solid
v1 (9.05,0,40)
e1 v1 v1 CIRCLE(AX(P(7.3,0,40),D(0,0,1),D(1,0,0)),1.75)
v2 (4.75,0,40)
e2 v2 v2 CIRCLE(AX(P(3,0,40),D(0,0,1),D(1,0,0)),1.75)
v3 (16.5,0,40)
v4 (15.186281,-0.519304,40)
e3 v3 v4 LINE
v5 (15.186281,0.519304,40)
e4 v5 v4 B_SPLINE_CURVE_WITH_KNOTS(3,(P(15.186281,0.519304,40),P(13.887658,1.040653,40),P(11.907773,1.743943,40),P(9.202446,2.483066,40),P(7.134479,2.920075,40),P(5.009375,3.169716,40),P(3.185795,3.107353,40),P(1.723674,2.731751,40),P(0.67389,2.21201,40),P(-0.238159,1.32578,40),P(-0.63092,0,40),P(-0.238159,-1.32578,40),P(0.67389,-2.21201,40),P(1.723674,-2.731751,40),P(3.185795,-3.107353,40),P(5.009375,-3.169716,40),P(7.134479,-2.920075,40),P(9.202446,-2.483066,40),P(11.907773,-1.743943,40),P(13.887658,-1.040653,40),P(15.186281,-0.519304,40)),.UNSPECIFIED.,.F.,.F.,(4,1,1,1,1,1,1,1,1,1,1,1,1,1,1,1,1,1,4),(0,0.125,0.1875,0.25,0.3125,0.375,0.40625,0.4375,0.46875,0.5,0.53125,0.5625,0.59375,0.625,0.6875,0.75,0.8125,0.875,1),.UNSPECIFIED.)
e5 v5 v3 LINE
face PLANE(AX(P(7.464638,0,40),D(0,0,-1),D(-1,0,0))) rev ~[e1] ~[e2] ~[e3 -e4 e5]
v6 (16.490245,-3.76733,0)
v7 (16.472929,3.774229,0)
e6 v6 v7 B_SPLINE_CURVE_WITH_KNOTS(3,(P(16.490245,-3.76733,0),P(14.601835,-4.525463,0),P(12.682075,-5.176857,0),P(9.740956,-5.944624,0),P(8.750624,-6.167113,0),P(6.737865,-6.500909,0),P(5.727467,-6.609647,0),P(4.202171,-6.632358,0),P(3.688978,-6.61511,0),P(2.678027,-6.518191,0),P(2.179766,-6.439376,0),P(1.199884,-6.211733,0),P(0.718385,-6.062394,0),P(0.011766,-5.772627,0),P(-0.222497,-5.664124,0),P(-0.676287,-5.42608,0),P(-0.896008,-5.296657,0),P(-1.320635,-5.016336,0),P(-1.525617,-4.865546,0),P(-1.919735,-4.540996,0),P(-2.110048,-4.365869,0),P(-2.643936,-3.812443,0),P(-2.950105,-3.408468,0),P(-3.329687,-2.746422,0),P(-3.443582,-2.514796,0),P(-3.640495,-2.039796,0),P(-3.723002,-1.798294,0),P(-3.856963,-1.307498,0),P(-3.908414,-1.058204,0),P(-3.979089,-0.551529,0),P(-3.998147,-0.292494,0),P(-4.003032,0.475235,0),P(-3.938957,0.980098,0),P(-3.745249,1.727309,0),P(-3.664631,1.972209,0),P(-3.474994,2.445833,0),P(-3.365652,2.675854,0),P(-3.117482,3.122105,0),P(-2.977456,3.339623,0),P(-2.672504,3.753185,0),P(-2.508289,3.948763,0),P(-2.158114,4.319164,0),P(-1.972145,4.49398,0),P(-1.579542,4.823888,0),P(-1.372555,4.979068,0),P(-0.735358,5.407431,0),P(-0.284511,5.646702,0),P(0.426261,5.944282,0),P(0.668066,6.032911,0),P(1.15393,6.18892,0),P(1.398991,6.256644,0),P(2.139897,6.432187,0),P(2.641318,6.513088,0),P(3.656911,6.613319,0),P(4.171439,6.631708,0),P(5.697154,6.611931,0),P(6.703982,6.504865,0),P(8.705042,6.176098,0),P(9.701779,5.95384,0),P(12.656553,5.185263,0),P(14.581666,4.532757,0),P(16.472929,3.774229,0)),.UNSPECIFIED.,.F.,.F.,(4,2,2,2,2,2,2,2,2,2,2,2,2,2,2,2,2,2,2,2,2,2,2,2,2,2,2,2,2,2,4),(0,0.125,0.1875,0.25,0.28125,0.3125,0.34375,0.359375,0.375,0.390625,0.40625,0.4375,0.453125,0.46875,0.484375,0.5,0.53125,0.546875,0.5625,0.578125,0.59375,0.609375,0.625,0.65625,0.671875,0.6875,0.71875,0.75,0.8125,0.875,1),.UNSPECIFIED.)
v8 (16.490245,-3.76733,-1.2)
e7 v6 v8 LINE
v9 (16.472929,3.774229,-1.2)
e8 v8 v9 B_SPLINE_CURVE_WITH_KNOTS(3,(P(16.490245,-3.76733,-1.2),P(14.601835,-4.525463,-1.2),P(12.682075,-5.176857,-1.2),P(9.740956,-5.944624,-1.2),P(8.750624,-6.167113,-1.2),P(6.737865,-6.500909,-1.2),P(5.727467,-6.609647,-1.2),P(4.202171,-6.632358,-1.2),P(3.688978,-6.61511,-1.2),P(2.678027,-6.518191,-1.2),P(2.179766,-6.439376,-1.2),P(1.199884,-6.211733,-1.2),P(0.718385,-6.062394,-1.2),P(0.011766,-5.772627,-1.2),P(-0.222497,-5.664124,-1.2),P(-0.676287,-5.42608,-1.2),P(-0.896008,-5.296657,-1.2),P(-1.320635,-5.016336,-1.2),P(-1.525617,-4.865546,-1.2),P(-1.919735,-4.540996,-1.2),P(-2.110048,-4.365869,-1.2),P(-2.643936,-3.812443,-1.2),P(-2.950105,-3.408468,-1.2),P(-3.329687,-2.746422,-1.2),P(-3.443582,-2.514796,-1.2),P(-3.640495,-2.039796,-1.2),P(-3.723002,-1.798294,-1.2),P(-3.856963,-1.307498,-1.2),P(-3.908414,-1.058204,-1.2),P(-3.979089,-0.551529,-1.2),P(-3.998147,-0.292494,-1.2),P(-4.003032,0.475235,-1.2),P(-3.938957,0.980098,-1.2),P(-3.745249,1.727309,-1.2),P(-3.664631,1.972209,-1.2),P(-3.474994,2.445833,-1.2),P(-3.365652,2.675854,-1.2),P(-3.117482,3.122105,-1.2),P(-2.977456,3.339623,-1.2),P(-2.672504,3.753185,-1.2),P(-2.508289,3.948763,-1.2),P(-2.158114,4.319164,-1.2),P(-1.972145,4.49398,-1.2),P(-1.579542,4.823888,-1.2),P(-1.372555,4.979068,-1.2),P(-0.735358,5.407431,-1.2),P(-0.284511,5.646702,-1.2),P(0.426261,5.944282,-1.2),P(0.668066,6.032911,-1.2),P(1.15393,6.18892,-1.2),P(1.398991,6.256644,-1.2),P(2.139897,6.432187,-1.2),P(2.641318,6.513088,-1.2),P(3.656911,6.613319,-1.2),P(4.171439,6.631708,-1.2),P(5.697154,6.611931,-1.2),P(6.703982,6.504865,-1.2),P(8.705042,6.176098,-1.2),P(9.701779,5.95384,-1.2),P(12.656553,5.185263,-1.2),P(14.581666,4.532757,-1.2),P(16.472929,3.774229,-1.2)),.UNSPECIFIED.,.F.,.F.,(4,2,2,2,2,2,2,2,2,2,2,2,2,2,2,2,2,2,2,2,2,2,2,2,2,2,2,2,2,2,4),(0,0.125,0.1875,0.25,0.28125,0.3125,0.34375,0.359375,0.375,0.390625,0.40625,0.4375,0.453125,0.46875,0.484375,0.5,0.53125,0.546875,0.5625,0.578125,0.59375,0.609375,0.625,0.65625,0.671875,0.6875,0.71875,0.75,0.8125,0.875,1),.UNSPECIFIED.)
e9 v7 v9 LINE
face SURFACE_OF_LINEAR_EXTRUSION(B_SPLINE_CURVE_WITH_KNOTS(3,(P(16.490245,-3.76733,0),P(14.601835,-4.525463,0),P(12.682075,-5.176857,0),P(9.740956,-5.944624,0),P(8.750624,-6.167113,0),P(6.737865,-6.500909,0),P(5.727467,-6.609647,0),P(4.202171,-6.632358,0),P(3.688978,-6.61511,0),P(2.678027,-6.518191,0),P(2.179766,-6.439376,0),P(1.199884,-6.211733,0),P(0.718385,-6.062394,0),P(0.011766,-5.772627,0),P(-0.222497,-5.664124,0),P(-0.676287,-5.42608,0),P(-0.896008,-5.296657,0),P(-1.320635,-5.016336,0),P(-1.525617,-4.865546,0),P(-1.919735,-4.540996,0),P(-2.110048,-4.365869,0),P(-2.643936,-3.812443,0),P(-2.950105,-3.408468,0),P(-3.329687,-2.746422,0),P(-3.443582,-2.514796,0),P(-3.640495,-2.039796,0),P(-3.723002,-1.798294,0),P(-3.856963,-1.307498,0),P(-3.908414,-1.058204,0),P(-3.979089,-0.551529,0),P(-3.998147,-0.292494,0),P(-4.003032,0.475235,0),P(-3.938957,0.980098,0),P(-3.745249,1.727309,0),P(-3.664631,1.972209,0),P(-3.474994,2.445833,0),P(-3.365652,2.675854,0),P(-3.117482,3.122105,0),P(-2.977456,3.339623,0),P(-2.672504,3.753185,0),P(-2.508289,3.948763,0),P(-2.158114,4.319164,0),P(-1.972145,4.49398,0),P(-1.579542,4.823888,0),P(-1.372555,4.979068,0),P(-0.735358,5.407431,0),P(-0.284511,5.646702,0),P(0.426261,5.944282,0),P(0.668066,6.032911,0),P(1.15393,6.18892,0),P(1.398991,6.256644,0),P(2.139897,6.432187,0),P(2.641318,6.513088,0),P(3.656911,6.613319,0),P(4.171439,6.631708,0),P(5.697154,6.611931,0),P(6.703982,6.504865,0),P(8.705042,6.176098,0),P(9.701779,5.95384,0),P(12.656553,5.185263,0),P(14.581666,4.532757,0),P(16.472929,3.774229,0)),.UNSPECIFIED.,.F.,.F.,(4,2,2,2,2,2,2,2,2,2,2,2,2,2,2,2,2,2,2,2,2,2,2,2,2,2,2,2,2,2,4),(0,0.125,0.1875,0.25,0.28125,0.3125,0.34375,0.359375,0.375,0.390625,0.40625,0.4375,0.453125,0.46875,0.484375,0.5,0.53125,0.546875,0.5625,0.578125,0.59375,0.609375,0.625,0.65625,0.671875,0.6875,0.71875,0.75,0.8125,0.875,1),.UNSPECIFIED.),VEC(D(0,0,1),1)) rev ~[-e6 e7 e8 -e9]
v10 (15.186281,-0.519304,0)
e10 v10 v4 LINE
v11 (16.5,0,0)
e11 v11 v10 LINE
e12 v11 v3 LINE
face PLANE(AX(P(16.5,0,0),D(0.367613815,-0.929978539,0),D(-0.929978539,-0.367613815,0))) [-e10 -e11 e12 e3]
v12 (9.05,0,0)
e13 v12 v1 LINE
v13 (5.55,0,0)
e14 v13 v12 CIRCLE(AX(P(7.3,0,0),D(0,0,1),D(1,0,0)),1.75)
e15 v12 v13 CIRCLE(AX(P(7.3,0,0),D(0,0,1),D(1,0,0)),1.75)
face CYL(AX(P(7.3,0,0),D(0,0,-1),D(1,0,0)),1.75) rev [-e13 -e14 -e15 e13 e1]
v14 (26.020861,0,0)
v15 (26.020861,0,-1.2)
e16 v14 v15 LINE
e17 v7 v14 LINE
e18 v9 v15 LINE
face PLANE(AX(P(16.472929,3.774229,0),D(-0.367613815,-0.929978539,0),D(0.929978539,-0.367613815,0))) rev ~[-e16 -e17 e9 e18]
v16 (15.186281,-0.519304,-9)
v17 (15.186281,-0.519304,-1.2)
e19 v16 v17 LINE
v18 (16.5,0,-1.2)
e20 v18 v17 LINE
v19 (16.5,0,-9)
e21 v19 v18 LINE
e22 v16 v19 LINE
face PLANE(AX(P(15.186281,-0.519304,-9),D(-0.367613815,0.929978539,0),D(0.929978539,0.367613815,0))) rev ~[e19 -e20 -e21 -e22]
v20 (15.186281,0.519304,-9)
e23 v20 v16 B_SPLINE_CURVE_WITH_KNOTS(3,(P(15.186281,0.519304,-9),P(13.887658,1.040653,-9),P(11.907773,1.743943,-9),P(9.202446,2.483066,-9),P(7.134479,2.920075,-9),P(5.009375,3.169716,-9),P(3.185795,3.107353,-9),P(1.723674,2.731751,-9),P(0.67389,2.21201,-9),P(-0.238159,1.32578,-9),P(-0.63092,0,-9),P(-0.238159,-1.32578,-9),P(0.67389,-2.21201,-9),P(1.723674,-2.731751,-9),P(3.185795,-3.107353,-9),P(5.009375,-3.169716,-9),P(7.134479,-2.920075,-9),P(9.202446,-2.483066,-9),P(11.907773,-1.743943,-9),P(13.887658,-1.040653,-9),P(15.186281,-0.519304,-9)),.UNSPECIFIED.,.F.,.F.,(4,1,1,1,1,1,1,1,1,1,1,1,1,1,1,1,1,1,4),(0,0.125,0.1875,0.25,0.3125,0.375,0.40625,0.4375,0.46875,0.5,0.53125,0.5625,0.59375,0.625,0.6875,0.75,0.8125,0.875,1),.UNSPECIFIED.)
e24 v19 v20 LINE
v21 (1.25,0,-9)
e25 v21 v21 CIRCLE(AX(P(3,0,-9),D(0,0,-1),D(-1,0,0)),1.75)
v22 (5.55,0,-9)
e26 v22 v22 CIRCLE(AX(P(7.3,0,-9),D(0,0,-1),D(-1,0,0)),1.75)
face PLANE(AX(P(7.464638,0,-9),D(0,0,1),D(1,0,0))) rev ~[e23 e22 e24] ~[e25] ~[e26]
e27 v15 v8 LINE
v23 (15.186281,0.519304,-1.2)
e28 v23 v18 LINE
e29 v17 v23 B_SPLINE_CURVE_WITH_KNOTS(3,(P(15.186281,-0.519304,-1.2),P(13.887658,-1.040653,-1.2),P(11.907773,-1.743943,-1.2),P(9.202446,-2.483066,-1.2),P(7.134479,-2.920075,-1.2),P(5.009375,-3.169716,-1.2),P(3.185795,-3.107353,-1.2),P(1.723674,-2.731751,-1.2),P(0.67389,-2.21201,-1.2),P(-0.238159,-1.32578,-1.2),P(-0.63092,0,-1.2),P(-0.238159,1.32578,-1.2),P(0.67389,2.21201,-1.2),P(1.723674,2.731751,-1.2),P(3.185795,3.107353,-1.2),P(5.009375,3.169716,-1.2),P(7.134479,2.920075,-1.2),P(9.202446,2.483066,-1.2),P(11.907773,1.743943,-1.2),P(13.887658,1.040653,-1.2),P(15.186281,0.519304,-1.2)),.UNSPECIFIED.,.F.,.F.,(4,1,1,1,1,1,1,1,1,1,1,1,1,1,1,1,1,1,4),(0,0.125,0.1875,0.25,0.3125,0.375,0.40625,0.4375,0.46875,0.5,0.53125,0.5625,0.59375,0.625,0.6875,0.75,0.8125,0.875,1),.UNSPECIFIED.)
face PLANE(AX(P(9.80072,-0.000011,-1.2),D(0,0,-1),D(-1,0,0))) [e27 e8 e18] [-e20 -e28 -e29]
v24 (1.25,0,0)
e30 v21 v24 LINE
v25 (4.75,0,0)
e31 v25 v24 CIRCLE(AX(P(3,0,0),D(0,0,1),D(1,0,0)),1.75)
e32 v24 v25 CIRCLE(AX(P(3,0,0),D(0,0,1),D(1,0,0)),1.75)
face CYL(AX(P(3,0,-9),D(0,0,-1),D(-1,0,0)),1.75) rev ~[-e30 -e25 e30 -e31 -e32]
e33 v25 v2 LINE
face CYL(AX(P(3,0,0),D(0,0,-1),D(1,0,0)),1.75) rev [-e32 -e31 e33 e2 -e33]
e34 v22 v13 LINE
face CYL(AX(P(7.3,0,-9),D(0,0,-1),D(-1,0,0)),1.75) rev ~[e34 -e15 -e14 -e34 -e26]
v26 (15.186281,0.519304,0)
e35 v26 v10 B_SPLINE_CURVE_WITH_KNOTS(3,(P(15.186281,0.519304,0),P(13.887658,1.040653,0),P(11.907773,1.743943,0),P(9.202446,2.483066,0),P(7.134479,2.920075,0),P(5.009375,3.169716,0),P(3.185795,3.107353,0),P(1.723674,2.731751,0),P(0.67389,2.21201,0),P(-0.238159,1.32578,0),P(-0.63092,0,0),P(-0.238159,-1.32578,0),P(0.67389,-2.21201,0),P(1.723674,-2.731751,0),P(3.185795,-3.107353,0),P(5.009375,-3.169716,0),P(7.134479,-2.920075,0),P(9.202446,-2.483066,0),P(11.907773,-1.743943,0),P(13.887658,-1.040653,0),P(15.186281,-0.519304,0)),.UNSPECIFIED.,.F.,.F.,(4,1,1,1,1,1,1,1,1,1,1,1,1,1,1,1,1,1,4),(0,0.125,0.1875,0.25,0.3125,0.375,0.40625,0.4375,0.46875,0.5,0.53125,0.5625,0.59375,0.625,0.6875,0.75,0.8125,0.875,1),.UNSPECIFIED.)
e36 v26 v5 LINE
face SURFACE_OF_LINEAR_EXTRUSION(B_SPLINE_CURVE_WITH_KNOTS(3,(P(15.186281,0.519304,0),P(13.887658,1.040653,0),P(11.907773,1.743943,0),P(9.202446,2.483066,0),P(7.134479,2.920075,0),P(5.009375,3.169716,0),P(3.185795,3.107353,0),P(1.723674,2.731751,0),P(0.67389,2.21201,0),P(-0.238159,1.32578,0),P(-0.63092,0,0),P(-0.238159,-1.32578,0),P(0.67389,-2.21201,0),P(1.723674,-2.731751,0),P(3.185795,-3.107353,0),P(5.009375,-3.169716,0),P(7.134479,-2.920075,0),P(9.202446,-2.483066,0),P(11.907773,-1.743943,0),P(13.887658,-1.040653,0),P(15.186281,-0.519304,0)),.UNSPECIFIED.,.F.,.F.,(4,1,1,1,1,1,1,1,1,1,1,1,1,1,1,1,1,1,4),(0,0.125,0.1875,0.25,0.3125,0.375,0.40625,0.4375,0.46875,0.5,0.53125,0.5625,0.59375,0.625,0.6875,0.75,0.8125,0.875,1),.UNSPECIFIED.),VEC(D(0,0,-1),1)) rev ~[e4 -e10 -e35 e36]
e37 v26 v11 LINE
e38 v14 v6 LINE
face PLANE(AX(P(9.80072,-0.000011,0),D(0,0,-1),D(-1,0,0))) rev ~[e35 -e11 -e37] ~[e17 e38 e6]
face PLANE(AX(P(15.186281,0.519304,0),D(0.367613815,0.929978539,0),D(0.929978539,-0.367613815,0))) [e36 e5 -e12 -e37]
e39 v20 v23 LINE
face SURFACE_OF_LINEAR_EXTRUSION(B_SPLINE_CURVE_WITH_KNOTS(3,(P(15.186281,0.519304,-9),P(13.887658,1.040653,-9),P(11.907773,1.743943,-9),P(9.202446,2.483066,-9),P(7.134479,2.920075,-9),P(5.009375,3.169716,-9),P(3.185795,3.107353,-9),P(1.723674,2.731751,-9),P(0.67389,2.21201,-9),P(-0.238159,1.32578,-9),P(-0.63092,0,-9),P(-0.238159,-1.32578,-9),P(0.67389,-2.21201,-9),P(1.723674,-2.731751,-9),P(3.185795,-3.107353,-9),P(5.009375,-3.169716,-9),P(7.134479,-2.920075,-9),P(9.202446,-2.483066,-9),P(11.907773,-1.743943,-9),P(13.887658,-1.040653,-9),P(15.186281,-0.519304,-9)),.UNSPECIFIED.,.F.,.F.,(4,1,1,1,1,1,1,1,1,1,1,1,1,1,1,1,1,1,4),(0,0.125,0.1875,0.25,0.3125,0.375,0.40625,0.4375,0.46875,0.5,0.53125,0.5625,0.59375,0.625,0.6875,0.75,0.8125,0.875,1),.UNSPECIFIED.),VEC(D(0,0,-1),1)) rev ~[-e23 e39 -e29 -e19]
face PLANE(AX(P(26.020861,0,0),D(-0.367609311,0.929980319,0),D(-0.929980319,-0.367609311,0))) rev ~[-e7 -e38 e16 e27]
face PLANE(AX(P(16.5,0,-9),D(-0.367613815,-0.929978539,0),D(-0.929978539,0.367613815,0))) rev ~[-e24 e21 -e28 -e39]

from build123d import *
from build123d.topology import SkipClean

# Parameters (mm, degrees)
SKETCH2_R           = 1.75
BOSS_EXTRUDE2_DEPTH = 40
BOSS_EXTRUDE3_DEPTH = 1.2
BOSS_EXTRUDE4_START = 9
SKETCH4_R           = 1.75
BOSS_EXTRUDE4_DEPTH = 9


with BuildPart() as part:
    # Sketch2 → Boss-Extrude2 (new body)
    with BuildSketch(Plane.XY):
        with BuildLine():
            Line((15.186280609, 0.519303809), (16.5, 0))
            Line((16.5, 0), (15.186280609, -0.519303809))
            add(Edge.make_bspline(
                [(15.186280609, 0.519303809), (13.887657986, 1.040653437), (11.907772652, 1.743943274), (9.202445725, 2.483066351), (7.134479372, 2.920074582), (5.009374964, 3.169715775), (3.185794853, 3.107352864), (1.723673782, 2.731751211), (0.673889654, 2.212010091), (-0.238159314, 1.325780466), (-0.630920343, 0), (-0.238159314, -1.325780466), (0.673889654, -2.212010091), (1.723673782, -2.731751211), (3.185794853, -3.107352864), (5.009374964, -3.169715775), (7.134479372, -2.920074582), (9.202445725, -2.483066351), (11.907772652, -1.743943274), (13.887657986, -1.040653437), (15.186280609, -0.519303809)],
                knots=[0, 0, 0, 0, 0.125, 0.1875, 0.25, 0.3125, 0.375, 0.40625, 0.4375, 0.46875, 0.5, 0.53125, 0.5625, 0.59375, 0.625, 0.6875, 0.75, 0.8125, 0.875, 1, 1, 1, 1], degree=3))
        make_face()
        with Locations((3, 0)):
            Circle(SKETCH2_R, mode=Mode.SUBTRACT)
        with Locations((7.3, 0)):
            Circle(SKETCH2_R, mode=Mode.SUBTRACT)
    extrude(amount=BOSS_EXTRUDE2_DEPTH)



with BuildPart() as body_2:
    # Sketch3 → Boss-Extrude3 (new body)
    with BuildSketch(Plane(origin=(0, 0, 0), x_dir=(-1, 0, 0), z_dir=(0, 0, -1))):
        with BuildLine():
            Line((-16.472928962, 3.774228695), (-26.0208609, 0))
            Line((-26.0208609, 0), (-16.490244872, -3.767330471))
            add(Edge.make_bspline(
                [(-16.490244872, -3.767330471), (-14.601834952, -4.525463253), (-12.68207529, -5.176857339), (-9.740956008, -5.94462386), (-8.750624401, -6.167112583), (-6.737864742, -6.500909271), (-5.727466843, -6.609647101), (-4.202170629, -6.632358032), (-3.6889784, -6.61511014), (-2.678026898, -6.518190741), (-2.179765755, -6.439376344), (-1.199884316, -6.211732944), (-0.718385297, -6.062393689), (-0.011765928, -5.772626767), (0.222496905, -5.66412388), (0.676287064, -5.426079636), (0.896008029, -5.29665729), (1.32063508, -5.016335651), (1.525617005, -4.865546302), (1.919735022, -4.540996094), (2.110047896, -4.365868906), (2.643936196, -3.812443022), (2.950105426, -3.40846785), (3.32968706, -2.74642203), (3.443581821, -2.514795533), (3.640495015, -2.039795539), (3.723001887, -1.798293556), (3.856963451, -1.307498207), (3.908413848, -1.058203764), (3.979088832, -0.551529018), (3.998147188, -0.29249395), (4.003031625, 0.475234942), (3.938957199, 0.980097947), (3.74524897, 1.727309289), (3.66463116, 1.972208707), (3.474993928, 2.44583291), (3.36565243, 2.675853523), (3.117482498, 3.122105459), (2.977456364, 3.339622932), (2.672504217, 3.753185023), (2.508289418, 3.948762742), (2.15811427, 4.319164435), (1.972145466, 4.49398034), (1.579541609, 4.823888481), (1.372555276, 4.979068475), (0.735358449, 5.407431095), (0.284510693, 5.646701574), (-0.426260872, 5.944282402), (-0.668065833, 6.032911428), (-1.153929741, 6.188920214), (-1.398990984, 6.256644207), (-2.139897377, 6.432186634), (-2.641317523, 6.513088481), (-3.656911007, 6.613318598), (-4.171439452, 6.631708122), (-5.697154298, 6.611931242), (-6.703982036, 6.504864682), (-8.705041856, 6.176097685), (-9.701779392, 5.953840162), (-12.65655271, 5.185262791), (-14.581665644, 4.532757165), (-16.472928962, 3.774228695)],
                knots=[0, 0, 0, 0, 0.125, 0.125, 0.1875, 0.1875, 0.25, 0.25, 0.28125, 0.28125, 0.3125, 0.3125, 0.34375, 0.34375, 0.359375, 0.359375, 0.375, 0.375, 0.390625, 0.390625, 0.40625, 0.40625, 0.4375, 0.4375, 0.453125, 0.453125, 0.46875, 0.46875, 0.484375, 0.484375, 0.5, 0.5, 0.53125, 0.53125, 0.546875, 0.546875, 0.5625, 0.5625, 0.578125, 0.578125, 0.59375, 0.59375, 0.609375, 0.609375, 0.625, 0.625, 0.65625, 0.65625, 0.671875, 0.671875, 0.6875, 0.6875, 0.71875, 0.71875, 0.75, 0.75, 0.8125, 0.8125, 0.875, 0.875, 1, 1, 1, 1], degree=3))
        make_face()
        with BuildLine():
            Line((-16.5, 0), (-15.186280609, -0.519303809))
            add(Edge.make_bspline(
                [(-15.186280609, -0.519303809), (-13.887657986, -1.040653437), (-11.907772652, -1.743943274), (-9.202445725, -2.483066351), (-7.134479372, -2.920074582), (-5.009374964, -3.169715775), (-3.185794853, -3.107352864), (-1.723673782, -2.731751211), (-0.673889654, -2.212010091), (0.238159314, -1.325780466), (0.630920343, 0), (0.238159314, 1.325780466), (-0.673889654, 2.212010091), (-1.723673782, 2.731751211), (-3.185794853, 3.107352864), (-5.009374964, 3.169715775), (-7.134479372, 2.920074582), (-9.202445725, 2.483066351), (-11.907772652, 1.743943274), (-13.887657986, 1.040653437), (-15.186280609, 0.519303809)],
                knots=[0, 0, 0, 0, 0.125, 0.1875, 0.25, 0.3125, 0.375, 0.40625, 0.4375, 0.46875, 0.5, 0.53125, 0.5625, 0.59375, 0.625, 0.6875, 0.75, 0.8125, 0.875, 1, 1, 1, 1], degree=3))
            Line((-15.186280609, 0.519303809), (-16.5, 0))
        make_face(mode=Mode.SUBTRACT)
    extrude(amount=BOSS_EXTRUDE3_DEPTH)


with BuildPart() as part_1:
    with SkipClean():  # the faces are left unmerged after this step: merging them gives an invalid solid
        add(part.part)

        add(body_2.part)  # Boss-Extrude4 merges body 2
        # Sketch4 → Boss-Extrude4 (add)
        with BuildSketch(Plane(origin=(0, 0, 0), x_dir=(-1, 0, 0), z_dir=(0, 0, -1)).offset(BOSS_EXTRUDE4_START)):
            with BuildLine():
                Line((-16.5, 0), (-15.186280609, 0.519303809))
                add(Edge.make_bspline(
                    [(-15.186280609, 0.519303809), (-13.887657986, 1.040653437), (-11.907772652, 1.743943274), (-9.202445725, 2.483066351), (-7.134479372, 2.920074582), (-5.009374964, 3.169715775), (-3.185794853, 3.107352864), (-1.723673782, 2.731751211), (-0.673889654, 2.212010091), (0.238159314, 1.325780466), (0.630920343, 0), (0.238159314, -1.325780466), (-0.673889654, -2.212010091), (-1.723673782, -2.731751211), (-3.185794853, -3.107352864), (-5.009374964, -3.169715775), (-7.134479372, -2.920074582), (-9.202445725, -2.483066351), (-11.907772652, -1.743943274), (-13.887657986, -1.040653437), (-15.186280609, -0.519303809)],
                    knots=[0, 0, 0, 0, 0.125, 0.1875, 0.25, 0.3125, 0.375, 0.40625, 0.4375, 0.46875, 0.5, 0.53125, 0.5625, 0.59375, 0.625, 0.6875, 0.75, 0.8125, 0.875, 1, 1, 1, 1], degree=3))
                Line((-15.186280609, -0.519303809), (-16.5, 0))
            make_face()
            with Locations((-7.3, 0)):
                Circle(SKETCH4_R, mode=Mode.SUBTRACT)
            with Locations((-3, 0)):
                Circle(SKETCH4_R, mode=Mode.SUBTRACT)
        extrude(amount=-BOSS_EXTRUDE4_DEPTH)


solid = part_1.part
